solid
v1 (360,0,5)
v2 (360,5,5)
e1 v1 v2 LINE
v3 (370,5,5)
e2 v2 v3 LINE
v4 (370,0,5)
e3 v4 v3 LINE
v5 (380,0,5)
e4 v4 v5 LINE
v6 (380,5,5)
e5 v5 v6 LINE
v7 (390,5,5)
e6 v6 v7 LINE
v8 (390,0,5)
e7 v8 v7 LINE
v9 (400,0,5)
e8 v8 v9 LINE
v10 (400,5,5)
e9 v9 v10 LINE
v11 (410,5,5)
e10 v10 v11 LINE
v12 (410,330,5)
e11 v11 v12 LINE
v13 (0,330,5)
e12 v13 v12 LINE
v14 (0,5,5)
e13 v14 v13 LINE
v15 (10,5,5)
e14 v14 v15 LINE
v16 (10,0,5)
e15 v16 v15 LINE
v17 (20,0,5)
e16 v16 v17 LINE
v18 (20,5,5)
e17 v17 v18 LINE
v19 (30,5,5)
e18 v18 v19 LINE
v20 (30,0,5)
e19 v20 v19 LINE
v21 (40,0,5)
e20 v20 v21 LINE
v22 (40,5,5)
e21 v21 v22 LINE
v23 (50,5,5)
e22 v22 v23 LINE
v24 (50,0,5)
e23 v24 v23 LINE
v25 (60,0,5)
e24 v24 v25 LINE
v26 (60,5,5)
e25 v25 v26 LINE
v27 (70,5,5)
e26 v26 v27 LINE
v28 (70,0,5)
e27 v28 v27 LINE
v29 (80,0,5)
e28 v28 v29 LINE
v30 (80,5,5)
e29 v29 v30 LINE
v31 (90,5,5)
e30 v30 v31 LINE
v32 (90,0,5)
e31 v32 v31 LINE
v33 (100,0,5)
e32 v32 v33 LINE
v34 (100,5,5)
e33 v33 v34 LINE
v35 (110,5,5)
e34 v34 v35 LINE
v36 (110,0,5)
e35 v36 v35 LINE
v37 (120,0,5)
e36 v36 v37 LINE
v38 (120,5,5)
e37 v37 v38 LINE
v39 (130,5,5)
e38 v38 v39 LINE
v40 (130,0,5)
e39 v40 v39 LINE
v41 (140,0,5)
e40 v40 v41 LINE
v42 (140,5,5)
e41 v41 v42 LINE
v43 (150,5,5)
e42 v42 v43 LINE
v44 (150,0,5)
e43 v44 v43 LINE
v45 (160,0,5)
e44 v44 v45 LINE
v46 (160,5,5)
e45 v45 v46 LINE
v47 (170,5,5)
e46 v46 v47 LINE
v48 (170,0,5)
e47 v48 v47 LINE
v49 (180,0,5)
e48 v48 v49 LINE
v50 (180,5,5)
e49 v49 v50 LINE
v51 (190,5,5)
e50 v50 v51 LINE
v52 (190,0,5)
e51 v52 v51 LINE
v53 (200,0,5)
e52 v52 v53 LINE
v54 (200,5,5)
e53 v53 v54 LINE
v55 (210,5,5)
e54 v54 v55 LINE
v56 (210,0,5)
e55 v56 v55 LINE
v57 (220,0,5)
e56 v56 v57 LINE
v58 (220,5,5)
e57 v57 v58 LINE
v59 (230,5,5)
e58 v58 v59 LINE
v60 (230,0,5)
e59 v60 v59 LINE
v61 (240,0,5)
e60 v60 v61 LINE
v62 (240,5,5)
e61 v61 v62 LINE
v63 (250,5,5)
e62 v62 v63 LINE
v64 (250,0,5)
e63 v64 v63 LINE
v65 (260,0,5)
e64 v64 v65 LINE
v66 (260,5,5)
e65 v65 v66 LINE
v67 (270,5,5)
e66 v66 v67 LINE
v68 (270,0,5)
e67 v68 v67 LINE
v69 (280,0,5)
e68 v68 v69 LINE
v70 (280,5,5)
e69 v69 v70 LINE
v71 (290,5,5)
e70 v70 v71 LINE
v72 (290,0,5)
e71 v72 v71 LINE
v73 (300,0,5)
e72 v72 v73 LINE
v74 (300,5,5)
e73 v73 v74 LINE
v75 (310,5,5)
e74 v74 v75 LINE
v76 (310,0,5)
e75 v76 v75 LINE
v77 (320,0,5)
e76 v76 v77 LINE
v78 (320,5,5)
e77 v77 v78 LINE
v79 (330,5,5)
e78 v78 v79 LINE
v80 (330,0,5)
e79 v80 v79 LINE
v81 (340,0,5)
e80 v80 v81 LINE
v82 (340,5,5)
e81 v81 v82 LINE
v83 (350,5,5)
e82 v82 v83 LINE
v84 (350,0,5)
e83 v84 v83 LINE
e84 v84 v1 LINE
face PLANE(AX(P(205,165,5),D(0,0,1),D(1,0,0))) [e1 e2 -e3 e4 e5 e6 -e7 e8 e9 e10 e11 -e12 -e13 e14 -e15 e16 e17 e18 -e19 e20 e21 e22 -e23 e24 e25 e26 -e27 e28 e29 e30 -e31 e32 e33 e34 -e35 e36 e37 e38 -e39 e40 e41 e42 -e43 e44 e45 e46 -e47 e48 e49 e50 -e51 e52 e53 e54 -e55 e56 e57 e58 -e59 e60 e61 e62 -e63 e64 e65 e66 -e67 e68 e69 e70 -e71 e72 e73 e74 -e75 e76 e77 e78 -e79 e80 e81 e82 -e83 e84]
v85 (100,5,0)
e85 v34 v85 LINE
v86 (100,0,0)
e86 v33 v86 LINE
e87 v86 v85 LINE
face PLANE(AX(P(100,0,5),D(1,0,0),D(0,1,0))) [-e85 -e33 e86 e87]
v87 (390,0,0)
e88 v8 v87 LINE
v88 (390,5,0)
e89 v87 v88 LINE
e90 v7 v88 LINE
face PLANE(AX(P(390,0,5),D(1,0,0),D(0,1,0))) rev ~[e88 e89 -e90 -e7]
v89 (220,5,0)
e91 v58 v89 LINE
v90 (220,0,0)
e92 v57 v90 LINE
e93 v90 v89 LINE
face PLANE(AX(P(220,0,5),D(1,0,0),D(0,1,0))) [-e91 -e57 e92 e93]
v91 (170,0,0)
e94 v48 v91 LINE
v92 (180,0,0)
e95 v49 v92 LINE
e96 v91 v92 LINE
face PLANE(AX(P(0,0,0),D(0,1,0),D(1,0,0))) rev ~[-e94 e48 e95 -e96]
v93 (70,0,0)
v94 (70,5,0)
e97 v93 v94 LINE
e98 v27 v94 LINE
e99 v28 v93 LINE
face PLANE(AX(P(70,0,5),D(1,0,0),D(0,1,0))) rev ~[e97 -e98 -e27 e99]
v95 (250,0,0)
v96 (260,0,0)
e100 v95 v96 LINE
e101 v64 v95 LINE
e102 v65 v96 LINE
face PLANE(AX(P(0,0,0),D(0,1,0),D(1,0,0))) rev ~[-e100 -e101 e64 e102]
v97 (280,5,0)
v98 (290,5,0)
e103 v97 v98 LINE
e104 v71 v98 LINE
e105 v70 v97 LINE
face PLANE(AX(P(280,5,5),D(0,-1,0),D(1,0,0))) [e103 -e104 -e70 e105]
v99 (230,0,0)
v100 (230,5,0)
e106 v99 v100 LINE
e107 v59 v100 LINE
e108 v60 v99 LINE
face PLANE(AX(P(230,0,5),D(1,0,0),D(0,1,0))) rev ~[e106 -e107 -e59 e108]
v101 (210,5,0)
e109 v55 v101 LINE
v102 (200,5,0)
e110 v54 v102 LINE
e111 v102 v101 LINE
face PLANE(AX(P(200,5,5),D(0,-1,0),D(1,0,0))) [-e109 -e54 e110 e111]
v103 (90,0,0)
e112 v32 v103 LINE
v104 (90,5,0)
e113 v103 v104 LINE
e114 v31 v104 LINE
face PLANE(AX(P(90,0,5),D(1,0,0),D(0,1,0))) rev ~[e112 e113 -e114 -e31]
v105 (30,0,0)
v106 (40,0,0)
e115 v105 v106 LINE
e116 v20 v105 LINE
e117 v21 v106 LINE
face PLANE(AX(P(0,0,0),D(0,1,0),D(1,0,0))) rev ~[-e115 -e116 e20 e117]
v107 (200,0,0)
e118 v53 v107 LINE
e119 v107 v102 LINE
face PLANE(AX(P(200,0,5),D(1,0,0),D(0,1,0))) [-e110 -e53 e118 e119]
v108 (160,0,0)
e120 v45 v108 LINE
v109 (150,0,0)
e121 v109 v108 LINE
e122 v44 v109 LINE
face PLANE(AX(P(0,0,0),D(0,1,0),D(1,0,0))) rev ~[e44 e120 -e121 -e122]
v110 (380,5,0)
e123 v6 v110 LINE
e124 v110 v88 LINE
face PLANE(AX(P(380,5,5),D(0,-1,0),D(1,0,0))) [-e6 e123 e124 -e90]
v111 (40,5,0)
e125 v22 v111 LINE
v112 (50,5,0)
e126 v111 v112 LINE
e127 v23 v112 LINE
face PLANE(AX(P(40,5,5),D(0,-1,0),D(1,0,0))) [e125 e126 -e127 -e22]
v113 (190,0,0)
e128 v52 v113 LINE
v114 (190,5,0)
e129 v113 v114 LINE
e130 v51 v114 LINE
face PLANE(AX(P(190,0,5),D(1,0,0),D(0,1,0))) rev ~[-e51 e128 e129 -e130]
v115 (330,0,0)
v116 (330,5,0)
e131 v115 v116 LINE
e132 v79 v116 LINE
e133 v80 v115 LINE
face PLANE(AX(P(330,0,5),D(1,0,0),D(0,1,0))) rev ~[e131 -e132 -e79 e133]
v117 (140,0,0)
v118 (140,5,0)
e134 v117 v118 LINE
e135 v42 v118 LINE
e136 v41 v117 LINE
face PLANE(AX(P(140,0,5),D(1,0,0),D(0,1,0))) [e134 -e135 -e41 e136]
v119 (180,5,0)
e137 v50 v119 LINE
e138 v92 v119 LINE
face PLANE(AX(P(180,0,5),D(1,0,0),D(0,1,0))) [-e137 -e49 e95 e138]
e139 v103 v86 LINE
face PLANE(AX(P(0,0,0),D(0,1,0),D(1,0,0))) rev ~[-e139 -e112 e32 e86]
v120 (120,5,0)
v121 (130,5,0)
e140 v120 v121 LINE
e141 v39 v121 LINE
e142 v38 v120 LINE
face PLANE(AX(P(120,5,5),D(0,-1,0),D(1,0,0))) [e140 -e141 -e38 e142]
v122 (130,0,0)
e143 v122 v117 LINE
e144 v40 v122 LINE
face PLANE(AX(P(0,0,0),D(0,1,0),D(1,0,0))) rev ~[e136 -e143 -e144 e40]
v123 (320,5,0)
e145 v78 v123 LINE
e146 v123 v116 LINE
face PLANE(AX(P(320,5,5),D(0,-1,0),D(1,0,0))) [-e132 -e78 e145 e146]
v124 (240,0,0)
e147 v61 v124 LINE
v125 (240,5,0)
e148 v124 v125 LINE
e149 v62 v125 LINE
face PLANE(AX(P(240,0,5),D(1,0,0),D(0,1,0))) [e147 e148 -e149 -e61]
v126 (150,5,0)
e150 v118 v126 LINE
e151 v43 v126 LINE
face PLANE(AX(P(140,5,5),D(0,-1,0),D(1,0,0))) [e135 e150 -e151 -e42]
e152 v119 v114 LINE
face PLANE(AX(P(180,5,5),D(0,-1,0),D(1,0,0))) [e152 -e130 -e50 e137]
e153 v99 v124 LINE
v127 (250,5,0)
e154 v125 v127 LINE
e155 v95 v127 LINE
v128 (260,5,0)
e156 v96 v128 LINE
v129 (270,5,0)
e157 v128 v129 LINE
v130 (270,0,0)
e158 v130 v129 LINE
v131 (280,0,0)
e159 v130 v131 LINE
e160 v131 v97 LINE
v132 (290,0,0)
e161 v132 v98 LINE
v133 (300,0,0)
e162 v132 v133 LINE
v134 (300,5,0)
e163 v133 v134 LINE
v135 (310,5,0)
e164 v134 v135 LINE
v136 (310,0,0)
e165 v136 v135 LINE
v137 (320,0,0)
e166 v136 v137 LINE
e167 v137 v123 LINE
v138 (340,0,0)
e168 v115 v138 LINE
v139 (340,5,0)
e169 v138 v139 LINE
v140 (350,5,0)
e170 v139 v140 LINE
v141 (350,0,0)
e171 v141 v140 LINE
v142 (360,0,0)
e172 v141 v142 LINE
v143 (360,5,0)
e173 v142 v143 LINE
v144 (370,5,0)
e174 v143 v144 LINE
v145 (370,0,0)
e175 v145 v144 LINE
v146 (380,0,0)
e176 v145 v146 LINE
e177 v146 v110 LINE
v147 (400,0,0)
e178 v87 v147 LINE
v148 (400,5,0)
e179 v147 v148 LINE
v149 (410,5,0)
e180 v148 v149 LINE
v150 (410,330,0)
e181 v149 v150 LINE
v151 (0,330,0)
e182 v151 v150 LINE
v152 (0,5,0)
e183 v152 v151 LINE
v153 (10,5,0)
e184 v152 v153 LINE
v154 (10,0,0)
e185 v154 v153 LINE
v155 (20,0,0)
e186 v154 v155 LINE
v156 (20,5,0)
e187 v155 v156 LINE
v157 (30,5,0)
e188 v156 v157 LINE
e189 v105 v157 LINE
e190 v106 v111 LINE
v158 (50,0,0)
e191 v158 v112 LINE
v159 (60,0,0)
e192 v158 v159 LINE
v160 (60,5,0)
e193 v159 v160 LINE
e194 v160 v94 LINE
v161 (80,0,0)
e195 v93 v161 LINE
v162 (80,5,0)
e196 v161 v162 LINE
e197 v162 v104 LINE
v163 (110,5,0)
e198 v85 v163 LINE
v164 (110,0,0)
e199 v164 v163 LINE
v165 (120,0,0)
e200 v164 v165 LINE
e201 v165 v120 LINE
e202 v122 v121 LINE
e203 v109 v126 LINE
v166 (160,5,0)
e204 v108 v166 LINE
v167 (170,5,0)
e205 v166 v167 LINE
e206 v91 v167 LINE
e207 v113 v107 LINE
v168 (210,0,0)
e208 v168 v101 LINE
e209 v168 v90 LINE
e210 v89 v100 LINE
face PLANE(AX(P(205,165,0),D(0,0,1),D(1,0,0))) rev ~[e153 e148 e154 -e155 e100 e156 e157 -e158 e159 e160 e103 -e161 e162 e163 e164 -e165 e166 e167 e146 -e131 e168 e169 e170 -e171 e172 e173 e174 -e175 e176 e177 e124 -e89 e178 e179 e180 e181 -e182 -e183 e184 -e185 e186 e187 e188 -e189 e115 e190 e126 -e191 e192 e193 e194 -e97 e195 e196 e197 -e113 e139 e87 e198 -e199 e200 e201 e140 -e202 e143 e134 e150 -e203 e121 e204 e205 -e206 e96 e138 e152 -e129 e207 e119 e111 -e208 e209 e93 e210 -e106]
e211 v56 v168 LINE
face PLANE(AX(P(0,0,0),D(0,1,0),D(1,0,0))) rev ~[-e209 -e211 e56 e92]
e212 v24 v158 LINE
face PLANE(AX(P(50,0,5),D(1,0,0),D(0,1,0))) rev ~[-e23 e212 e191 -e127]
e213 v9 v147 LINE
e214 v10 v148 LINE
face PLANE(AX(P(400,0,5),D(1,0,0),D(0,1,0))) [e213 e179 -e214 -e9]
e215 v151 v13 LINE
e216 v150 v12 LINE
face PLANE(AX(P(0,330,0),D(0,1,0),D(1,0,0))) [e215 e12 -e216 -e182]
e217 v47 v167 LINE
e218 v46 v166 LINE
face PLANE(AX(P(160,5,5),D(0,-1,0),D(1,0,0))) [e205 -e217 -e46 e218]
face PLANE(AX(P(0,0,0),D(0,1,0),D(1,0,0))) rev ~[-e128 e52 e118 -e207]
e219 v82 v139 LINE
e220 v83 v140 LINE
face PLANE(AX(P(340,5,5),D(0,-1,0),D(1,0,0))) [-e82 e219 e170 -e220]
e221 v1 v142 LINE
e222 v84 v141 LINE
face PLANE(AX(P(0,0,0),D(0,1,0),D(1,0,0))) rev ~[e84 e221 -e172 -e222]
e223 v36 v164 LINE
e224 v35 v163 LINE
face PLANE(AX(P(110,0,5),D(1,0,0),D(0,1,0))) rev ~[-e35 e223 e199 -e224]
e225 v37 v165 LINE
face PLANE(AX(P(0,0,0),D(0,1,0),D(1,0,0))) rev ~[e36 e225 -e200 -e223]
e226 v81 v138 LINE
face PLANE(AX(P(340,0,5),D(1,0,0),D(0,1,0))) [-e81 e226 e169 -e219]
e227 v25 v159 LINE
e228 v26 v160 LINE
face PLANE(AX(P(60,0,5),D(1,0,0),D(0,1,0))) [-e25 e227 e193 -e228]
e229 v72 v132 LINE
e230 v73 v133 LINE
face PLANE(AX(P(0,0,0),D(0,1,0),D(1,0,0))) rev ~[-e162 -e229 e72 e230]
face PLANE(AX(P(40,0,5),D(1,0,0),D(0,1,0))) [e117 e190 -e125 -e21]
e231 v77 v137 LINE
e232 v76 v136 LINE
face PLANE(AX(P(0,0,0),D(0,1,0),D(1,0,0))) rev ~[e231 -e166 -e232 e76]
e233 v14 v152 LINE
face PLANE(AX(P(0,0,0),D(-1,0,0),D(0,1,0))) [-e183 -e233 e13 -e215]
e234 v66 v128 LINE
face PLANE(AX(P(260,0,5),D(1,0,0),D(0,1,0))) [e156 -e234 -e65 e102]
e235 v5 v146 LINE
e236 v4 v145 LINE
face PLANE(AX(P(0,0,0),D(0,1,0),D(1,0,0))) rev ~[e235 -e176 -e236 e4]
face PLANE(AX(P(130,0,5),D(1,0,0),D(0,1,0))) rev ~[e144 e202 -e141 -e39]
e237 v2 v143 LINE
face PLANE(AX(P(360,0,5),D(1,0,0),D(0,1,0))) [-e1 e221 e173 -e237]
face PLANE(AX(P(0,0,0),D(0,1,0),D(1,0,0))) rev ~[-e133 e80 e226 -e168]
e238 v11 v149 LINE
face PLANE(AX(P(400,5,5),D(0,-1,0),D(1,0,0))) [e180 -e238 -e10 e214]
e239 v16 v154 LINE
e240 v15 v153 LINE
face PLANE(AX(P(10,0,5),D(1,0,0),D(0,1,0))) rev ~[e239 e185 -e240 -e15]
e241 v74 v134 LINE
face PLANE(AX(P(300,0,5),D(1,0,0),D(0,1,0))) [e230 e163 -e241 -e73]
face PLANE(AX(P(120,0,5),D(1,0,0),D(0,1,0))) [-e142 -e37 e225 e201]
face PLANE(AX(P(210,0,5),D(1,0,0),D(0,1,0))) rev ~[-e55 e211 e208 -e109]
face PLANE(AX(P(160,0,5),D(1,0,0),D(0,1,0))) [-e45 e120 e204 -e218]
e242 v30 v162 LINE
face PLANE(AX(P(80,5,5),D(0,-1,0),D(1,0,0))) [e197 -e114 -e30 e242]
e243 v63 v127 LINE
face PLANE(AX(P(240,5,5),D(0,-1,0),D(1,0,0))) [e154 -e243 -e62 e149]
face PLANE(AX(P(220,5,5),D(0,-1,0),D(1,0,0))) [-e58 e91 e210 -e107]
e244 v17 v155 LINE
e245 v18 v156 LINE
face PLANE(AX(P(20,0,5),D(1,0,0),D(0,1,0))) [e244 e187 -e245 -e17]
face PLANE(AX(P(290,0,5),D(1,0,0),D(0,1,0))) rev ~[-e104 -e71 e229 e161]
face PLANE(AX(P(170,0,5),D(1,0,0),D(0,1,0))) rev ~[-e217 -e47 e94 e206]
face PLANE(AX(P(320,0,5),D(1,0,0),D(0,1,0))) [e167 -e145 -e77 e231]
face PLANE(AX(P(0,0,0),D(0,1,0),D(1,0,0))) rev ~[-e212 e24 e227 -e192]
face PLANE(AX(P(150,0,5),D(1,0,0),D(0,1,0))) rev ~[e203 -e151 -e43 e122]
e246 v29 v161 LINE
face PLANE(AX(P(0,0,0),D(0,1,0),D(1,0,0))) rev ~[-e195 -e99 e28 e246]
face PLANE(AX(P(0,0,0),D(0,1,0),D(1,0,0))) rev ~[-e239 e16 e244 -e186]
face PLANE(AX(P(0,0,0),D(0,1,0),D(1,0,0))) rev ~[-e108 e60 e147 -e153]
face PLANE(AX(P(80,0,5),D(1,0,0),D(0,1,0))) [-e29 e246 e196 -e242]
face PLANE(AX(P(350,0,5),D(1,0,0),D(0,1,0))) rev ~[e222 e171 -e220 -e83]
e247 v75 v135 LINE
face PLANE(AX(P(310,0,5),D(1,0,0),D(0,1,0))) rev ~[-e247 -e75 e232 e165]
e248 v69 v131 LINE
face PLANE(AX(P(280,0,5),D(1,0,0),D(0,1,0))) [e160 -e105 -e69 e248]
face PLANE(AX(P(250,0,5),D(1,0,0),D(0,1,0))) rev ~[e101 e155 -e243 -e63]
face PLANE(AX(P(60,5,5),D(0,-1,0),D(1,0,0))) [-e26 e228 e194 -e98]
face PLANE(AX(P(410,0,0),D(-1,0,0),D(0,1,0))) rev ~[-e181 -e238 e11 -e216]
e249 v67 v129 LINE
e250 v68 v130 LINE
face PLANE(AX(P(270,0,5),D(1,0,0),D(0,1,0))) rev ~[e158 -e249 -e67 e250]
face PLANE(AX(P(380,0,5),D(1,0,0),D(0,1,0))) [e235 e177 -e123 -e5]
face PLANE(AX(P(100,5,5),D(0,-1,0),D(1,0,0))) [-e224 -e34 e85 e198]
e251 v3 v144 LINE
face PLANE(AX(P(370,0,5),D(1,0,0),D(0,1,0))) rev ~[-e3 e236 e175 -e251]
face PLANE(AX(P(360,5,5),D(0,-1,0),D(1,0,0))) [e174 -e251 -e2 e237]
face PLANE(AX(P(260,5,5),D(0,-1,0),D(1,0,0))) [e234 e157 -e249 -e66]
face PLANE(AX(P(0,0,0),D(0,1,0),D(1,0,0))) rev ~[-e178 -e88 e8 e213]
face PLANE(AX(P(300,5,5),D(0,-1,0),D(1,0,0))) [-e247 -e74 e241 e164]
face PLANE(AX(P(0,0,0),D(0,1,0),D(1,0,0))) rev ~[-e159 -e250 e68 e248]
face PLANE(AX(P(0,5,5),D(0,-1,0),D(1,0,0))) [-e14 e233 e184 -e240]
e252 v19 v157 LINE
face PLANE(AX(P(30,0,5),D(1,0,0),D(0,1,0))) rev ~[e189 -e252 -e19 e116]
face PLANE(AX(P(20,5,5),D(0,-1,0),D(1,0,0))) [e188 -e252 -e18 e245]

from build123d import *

# Parameters (mm, degrees)
ESQUISSE1_W             = 410
ESQUISSE1_H             = 330
BOSS_EXTRU_1_DEPTH      = 5
ESQUISSE2_W             = 10
ESQUISSE2_H             = 5
ENL_V_MAT_EXTRU_1_DEPTH = 527.331644498


with BuildPart() as part:
    # Esquisse1 → Boss.-Extru.1 (new body)
    with BuildSketch(Plane.XY):
        with Locations((205, 165)):
            Rectangle(ESQUISSE1_W, ESQUISSE1_H)
    extrude(amount=BOSS_EXTRU_1_DEPTH)

    # Esquisse2 → Enlèv. mat.-Extru.1 (cut, through all)
    with BuildSketch(Plane.XY.offset(5)):
        with Locations((25, 2.5)):
            Rectangle(ESQUISSE2_W, ESQUISSE2_H)
        with Locations((5, 2.5)):
            Rectangle(ESQUISSE2_W, ESQUISSE2_H)
        with Locations((45, 2.5)):
            Rectangle(ESQUISSE2_W, ESQUISSE2_H)
        with Locations((65, 2.5)):
            Rectangle(ESQUISSE2_W, ESQUISSE2_H)
        with Locations((85, 2.5)):
            Rectangle(ESQUISSE2_W, ESQUISSE2_H)
        with Locations((105, 2.5)):
            Rectangle(ESQUISSE2_W, ESQUISSE2_H)
        with Locations((125, 2.5)):
            Rectangle(ESQUISSE2_W, ESQUISSE2_H)
        with Locations((145, 2.5)):
            Rectangle(ESQUISSE2_W, ESQUISSE2_H)
        with Locations((165, 2.5)):
            Rectangle(ESQUISSE2_W, ESQUISSE2_H)
        with Locations((185, 2.5)):
            Rectangle(ESQUISSE2_W, ESQUISSE2_H)
        with Locations((205, 2.5)):
            Rectangle(ESQUISSE2_W, ESQUISSE2_H)
        with Locations((225, 2.5)):
            Rectangle(ESQUISSE2_W, ESQUISSE2_H)
        with Locations((245, 2.5)):
            Rectangle(ESQUISSE2_W, ESQUISSE2_H)
        with Locations((265, 2.5)):
            Rectangle(ESQUISSE2_W, ESQUISSE2_H)
        with Locations((285, 2.5)):
            Rectangle(ESQUISSE2_W, ESQUISSE2_H)
        with Locations((305, 2.5)):
            Rectangle(ESQUISSE2_W, ESQUISSE2_H)
        with Locations((325, 2.5)):
            Rectangle(ESQUISSE2_W, ESQUISSE2_H)
        with Locations((345, 2.5)):
            Rectangle(ESQUISSE2_W, ESQUISSE2_H)
        with Locations((365, 2.5)):
            Rectangle(ESQUISSE2_W, ESQUISSE2_H)
        with Locations((385, 2.5)):
            Rectangle(ESQUISSE2_W, ESQUISSE2_H)
        with Locations((405, 2.5)):
            Rectangle(ESQUISSE2_W, ESQUISSE2_H)
    extrude(amount=-ENL_V_MAT_EXTRU_1_DEPTH, mode=Mode.SUBTRACT)


solid = part.part
